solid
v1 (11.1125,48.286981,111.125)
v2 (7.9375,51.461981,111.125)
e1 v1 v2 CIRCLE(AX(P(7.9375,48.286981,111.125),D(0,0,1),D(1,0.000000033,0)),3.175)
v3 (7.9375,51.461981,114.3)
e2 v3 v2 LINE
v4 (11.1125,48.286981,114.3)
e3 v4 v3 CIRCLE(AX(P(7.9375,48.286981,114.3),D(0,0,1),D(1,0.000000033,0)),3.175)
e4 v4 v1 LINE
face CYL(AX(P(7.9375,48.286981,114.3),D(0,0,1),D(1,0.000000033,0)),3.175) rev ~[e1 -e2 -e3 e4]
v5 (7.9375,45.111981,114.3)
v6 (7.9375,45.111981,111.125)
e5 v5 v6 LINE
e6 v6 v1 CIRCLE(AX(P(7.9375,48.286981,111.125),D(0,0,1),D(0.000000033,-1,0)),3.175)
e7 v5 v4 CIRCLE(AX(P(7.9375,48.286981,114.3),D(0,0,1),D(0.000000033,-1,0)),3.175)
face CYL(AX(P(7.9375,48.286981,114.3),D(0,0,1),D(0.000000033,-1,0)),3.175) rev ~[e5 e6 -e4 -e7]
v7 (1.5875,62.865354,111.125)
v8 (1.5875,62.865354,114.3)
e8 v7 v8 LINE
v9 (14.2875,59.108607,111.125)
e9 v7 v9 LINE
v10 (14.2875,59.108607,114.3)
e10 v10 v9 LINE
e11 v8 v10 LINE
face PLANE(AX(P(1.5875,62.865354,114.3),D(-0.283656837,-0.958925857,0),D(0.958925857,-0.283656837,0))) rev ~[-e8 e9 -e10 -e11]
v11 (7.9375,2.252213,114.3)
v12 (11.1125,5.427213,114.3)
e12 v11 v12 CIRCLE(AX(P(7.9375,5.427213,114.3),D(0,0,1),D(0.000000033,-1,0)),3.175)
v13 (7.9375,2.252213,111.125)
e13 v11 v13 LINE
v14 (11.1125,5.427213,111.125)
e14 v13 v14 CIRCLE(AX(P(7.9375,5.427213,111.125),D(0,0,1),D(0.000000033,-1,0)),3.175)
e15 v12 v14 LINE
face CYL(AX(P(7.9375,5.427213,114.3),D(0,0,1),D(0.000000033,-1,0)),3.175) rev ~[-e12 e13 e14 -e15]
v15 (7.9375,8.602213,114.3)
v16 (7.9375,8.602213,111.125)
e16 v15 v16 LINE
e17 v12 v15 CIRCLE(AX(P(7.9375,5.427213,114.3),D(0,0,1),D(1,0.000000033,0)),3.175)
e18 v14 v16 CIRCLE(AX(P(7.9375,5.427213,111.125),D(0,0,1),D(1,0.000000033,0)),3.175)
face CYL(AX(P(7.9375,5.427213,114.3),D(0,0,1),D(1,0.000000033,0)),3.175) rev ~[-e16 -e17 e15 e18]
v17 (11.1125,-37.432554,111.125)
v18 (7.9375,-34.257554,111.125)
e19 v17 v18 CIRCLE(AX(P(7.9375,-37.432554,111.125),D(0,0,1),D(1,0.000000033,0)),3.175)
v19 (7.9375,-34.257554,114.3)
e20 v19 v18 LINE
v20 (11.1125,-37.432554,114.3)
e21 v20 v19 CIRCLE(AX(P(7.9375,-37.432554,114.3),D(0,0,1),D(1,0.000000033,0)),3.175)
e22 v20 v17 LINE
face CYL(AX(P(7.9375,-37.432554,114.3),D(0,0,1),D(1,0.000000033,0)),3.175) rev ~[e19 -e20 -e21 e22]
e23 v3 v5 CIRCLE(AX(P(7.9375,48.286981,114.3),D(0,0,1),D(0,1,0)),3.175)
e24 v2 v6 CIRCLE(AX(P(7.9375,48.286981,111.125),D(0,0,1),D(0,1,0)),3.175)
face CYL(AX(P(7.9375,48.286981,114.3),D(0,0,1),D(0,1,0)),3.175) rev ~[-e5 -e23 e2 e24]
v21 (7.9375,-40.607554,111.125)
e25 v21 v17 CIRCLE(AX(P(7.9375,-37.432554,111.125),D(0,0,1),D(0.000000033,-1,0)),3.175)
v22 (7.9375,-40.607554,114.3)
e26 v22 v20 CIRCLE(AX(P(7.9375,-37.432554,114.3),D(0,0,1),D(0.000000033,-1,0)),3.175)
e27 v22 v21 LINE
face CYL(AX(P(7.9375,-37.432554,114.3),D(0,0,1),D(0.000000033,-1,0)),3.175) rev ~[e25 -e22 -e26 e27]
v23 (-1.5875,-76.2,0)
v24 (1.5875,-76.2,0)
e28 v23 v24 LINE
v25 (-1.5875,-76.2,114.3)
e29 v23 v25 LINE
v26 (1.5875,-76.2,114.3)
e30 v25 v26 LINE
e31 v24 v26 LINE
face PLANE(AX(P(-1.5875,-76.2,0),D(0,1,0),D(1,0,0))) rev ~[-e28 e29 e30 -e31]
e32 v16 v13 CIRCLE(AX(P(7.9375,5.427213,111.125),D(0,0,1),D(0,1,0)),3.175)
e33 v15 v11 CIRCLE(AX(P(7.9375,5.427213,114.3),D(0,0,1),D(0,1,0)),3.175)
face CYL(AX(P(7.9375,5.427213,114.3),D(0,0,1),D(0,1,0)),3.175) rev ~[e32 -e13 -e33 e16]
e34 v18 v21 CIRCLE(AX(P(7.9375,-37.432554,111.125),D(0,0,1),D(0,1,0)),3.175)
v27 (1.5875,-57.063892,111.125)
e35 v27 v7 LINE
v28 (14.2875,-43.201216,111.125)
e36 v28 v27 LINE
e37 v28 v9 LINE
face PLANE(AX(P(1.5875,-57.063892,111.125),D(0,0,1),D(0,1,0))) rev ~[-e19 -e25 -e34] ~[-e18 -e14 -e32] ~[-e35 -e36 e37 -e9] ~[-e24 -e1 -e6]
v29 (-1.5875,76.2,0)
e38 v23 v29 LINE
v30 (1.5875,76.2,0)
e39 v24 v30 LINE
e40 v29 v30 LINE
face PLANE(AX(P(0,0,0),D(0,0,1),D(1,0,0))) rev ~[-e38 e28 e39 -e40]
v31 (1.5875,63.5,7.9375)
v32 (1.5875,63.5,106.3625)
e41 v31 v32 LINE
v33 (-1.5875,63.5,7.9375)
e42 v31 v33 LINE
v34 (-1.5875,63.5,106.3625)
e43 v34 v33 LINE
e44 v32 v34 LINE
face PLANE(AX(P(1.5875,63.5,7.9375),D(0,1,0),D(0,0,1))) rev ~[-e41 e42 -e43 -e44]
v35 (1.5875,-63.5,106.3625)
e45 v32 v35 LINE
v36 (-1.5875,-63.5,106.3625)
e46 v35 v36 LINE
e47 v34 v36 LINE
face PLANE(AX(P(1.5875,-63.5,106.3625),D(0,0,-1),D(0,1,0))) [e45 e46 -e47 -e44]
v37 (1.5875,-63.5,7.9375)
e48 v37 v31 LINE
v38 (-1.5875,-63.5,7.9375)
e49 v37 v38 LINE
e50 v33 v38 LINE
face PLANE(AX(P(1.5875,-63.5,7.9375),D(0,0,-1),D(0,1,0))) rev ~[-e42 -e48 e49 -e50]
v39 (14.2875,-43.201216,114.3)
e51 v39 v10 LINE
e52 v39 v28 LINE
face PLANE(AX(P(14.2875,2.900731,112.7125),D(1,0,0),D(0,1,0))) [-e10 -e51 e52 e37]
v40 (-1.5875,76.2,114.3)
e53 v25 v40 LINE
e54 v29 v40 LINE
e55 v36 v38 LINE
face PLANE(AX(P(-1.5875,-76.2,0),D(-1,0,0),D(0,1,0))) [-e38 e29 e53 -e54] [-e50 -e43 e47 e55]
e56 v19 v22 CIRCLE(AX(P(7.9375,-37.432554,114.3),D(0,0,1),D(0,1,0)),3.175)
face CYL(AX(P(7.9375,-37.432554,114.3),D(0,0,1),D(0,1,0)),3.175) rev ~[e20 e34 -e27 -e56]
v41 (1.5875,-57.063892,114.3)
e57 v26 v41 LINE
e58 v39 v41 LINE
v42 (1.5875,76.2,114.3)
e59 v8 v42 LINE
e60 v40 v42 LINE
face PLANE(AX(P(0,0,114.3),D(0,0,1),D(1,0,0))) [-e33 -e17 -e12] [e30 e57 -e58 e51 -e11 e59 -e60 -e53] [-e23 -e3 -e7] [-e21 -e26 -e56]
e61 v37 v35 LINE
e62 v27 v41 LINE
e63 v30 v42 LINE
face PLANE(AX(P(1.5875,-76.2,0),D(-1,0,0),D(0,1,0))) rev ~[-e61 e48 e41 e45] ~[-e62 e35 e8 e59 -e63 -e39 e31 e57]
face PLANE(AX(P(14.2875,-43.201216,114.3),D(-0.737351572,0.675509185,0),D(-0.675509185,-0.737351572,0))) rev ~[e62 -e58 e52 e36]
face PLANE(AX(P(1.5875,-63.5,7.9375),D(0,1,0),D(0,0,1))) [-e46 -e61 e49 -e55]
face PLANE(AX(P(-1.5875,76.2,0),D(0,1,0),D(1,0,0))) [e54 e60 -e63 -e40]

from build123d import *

# Parameters (mm, degrees)
F0_W     = 3.175
F0_H     = 152.4
F1_DEPTH = 114.3
F2_W     = 127
F2_H     = 98.425
F3_DEPTH = 25.4
F4_W     = 119.929246
F4_H     = 3.175
F5_DEPTH = 12.7
F7_DEPTH = 25.4
F9_DEPTH = 25.4


with BuildPart() as f1:
    # F0 (on Top) → F1 (new body)
    with BuildSketch(Plane.XY):
        Rectangle(F0_W, F0_H)
    extrude(amount=F1_DEPTH)

    # F2 (on face) → F3 (cut)
    with BuildSketch(Plane.YZ.offset(1.5875)):
        with Locations((0, 57.15)):
            Rectangle(F2_W, F2_H)
    extrude(amount=-F3_DEPTH, mode=Mode.SUBTRACT)

    # F4 (on face) → F5 (join)
    with BuildSketch(Plane.YZ.offset(1.5875)):
        with Locations((2.900731, 112.7125)):
            Rectangle(F4_W, F4_H)
    extrude(amount=F5_DEPTH)

    # F6 (on face) → F7 (cut)
    with BuildSketch(Plane.XY.offset(114.3)):
        Polygon((14.2875, 62.865354), (1.5875, 62.865354), (14.2875, 59.108607), align=None)
        Polygon((14.2875, -43.201216), (1.5875, -57.063892), (14.2875, -57.063892), align=None)
    extrude(amount=-F7_DEPTH, mode=Mode.SUBTRACT)

    # F8 (on face) → F9 (cut)
    with BuildSketch(Plane.XY.offset(114.3)):
        with BuildLine():
            ThreePointArc((11.1125, 48.286981), (10.182564, 50.532045), (7.9375, 51.461981))
            Line((7.9375, 51.461981), (7.9375, 45.111981))
            ThreePointArc((7.9375, 45.111981), (10.182564, 46.041917), (11.1125, 48.286981))
        make_face()
        with BuildLine():
            ThreePointArc((11.1125, -37.432554), (10.182564, -35.18749), (7.9375, -34.257554))
            Line((7.9375, -34.257554), (7.9375, -40.607554))
            ThreePointArc((7.9375, -40.607554), (10.182564, -39.677618), (11.1125, -37.432554))
        make_face()
        with BuildLine():
            Line((7.9375, -40.607554), (7.9375, -34.257554))
            ThreePointArc((7.9375, -34.257554), (4.7625, -37.432554), (7.9375, -40.607554))
        make_face()
        with BuildLine():
            ThreePointArc((11.1125, 5.427213), (10.182564, 7.672277), (7.9375, 8.602213))
            Line((7.9375, 8.602213), (7.9375, 2.252213))
            ThreePointArc((7.9375, 2.252213), (10.182564, 3.182149), (11.1125, 5.427213))
        make_face()
        with BuildLine():
            Line((7.9375, 2.252213), (7.9375, 8.602213))
            ThreePointArc((7.9375, 8.602213), (4.7625, 5.427213), (7.9375, 2.252213))
        make_face()
        with BuildLine():
            Line((7.9375, 45.111981), (7.9375, 51.461981))
            ThreePointArc((7.9375, 51.461981), (4.7625, 48.286981), (7.9375, 45.111981))
        make_face()
    extrude(amount=-F9_DEPTH, mode=Mode.SUBTRACT)


solid = f1.part
